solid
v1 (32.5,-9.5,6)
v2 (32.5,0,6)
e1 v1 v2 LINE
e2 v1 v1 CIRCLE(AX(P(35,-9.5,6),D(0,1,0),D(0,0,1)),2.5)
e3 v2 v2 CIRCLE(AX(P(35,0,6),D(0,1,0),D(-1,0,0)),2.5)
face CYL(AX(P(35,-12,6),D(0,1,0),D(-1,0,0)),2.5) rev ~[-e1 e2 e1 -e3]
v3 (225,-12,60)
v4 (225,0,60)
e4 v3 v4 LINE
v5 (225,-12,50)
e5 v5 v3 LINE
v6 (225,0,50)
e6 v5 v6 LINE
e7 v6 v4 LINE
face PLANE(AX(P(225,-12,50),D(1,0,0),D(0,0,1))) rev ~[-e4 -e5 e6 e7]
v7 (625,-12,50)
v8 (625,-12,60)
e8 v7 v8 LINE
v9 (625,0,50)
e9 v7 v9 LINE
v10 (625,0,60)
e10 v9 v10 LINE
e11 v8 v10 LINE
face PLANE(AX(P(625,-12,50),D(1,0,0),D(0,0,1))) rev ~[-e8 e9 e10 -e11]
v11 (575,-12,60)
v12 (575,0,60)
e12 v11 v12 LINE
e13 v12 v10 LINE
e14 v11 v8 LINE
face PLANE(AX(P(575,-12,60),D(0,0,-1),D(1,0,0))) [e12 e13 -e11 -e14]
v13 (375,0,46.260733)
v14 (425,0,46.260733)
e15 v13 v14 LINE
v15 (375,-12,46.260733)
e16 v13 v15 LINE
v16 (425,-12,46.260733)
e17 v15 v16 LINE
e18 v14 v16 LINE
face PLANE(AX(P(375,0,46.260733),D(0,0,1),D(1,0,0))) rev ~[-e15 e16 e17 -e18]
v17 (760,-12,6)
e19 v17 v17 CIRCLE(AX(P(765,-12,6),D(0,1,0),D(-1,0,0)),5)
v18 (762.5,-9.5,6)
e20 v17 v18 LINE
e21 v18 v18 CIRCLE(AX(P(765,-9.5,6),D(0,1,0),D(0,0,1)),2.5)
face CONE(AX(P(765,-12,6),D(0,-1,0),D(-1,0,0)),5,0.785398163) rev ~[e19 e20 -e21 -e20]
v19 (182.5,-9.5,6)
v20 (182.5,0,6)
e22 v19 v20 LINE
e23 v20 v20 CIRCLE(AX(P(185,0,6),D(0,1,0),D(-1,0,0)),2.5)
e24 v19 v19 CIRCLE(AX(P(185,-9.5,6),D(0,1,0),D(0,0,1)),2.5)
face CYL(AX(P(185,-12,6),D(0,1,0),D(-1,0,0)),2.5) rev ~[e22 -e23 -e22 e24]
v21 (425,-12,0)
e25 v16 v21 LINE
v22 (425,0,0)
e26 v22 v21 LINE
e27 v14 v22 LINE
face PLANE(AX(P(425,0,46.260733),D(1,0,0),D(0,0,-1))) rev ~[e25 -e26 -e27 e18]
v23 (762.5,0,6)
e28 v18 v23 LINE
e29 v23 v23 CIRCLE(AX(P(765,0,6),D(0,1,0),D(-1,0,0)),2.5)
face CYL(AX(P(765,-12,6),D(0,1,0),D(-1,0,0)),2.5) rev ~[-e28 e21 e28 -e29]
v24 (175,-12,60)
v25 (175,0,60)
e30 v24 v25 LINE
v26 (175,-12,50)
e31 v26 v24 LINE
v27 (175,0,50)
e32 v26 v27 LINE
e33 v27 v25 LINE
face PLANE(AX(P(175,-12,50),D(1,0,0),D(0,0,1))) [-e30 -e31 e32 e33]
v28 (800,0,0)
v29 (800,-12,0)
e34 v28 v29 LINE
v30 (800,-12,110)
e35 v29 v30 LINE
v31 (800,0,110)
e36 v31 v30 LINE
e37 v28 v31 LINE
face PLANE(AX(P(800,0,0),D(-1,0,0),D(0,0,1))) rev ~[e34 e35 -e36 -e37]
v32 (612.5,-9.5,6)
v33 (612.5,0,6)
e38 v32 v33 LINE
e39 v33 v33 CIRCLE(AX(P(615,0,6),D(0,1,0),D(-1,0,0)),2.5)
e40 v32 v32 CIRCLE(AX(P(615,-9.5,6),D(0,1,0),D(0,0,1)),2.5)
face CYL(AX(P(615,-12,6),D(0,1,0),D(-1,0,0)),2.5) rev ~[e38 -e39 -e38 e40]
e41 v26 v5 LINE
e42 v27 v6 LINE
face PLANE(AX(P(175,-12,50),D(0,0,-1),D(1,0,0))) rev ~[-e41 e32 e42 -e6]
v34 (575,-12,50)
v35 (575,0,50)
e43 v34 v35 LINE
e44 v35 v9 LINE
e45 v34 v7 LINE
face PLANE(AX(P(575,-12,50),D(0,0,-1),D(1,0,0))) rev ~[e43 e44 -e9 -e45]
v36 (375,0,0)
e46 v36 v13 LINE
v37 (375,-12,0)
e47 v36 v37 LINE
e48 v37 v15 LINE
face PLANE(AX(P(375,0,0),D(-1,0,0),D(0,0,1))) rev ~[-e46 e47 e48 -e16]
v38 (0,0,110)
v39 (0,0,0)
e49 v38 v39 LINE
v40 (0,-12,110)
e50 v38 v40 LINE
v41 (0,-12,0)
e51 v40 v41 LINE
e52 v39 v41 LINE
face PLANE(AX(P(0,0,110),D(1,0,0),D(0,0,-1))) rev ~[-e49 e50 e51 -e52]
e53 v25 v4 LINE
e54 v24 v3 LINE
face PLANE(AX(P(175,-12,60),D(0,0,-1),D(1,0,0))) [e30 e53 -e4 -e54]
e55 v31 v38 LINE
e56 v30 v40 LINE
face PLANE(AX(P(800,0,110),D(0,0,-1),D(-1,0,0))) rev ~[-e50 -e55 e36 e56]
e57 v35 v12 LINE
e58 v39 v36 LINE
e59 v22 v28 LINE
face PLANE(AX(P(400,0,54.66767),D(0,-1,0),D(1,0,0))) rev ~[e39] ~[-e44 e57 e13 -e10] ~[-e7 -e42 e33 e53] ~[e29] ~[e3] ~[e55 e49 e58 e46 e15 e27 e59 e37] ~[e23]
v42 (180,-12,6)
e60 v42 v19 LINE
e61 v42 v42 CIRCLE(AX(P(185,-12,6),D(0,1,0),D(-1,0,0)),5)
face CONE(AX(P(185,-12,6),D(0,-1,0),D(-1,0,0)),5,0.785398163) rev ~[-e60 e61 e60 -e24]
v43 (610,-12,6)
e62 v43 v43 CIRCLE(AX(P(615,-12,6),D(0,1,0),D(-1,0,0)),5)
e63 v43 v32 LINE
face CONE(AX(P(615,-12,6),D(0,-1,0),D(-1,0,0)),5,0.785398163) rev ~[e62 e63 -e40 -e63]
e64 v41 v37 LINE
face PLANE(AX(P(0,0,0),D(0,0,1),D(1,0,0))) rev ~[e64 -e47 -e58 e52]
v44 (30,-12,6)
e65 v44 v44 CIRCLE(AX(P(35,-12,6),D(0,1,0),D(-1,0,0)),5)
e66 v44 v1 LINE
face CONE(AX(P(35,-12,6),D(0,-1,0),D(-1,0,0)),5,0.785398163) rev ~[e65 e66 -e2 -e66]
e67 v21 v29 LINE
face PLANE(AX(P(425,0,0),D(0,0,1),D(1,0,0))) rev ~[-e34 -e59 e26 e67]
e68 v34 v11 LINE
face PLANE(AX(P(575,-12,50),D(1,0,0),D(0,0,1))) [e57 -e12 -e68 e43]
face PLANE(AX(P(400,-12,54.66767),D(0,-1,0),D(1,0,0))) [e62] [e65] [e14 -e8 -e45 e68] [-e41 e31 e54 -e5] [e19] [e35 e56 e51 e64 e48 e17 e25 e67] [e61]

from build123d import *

# Parameters (mm, degrees)
F1_DEPTH       = 12
F3_D           = 5
F3_CSINK_D     = 10
F3_CSINK_ANGLE = 90
F4_W           = 50
F4_H           = 10
F5_DEPTH       = 25


with BuildPart() as f1:
    # F0 (on Front) → F1 (new body)
    with BuildSketch(Plane.XZ):
        Polygon((0, 110), (0, 0), (375, 0), (375, 46.2607331574), (425, 46.2607331574), (425, 0), (800, 0), (800, 110), align=None)
    extrude(amount=F1_DEPTH)

    # F3 (through all)
    with Locations(Plane.XZ.offset(12)):
        with Locations((35, 6), (185, 6), (615, 6), (765, 6)):
            CounterSinkHole(F3_D / 2, F3_CSINK_D / 2, counter_sink_angle=F3_CSINK_ANGLE)

    # F4 (on face) → F5 (cut)
    with BuildSketch(Plane.XZ.offset(12)):
        with Locations((200, 55)):
            Rectangle(F4_W, F4_H)
        with Locations((600, 55)):
            Rectangle(F4_W, F4_H)
    extrude(amount=-F5_DEPTH, mode=Mode.SUBTRACT)


solid = f1.part
